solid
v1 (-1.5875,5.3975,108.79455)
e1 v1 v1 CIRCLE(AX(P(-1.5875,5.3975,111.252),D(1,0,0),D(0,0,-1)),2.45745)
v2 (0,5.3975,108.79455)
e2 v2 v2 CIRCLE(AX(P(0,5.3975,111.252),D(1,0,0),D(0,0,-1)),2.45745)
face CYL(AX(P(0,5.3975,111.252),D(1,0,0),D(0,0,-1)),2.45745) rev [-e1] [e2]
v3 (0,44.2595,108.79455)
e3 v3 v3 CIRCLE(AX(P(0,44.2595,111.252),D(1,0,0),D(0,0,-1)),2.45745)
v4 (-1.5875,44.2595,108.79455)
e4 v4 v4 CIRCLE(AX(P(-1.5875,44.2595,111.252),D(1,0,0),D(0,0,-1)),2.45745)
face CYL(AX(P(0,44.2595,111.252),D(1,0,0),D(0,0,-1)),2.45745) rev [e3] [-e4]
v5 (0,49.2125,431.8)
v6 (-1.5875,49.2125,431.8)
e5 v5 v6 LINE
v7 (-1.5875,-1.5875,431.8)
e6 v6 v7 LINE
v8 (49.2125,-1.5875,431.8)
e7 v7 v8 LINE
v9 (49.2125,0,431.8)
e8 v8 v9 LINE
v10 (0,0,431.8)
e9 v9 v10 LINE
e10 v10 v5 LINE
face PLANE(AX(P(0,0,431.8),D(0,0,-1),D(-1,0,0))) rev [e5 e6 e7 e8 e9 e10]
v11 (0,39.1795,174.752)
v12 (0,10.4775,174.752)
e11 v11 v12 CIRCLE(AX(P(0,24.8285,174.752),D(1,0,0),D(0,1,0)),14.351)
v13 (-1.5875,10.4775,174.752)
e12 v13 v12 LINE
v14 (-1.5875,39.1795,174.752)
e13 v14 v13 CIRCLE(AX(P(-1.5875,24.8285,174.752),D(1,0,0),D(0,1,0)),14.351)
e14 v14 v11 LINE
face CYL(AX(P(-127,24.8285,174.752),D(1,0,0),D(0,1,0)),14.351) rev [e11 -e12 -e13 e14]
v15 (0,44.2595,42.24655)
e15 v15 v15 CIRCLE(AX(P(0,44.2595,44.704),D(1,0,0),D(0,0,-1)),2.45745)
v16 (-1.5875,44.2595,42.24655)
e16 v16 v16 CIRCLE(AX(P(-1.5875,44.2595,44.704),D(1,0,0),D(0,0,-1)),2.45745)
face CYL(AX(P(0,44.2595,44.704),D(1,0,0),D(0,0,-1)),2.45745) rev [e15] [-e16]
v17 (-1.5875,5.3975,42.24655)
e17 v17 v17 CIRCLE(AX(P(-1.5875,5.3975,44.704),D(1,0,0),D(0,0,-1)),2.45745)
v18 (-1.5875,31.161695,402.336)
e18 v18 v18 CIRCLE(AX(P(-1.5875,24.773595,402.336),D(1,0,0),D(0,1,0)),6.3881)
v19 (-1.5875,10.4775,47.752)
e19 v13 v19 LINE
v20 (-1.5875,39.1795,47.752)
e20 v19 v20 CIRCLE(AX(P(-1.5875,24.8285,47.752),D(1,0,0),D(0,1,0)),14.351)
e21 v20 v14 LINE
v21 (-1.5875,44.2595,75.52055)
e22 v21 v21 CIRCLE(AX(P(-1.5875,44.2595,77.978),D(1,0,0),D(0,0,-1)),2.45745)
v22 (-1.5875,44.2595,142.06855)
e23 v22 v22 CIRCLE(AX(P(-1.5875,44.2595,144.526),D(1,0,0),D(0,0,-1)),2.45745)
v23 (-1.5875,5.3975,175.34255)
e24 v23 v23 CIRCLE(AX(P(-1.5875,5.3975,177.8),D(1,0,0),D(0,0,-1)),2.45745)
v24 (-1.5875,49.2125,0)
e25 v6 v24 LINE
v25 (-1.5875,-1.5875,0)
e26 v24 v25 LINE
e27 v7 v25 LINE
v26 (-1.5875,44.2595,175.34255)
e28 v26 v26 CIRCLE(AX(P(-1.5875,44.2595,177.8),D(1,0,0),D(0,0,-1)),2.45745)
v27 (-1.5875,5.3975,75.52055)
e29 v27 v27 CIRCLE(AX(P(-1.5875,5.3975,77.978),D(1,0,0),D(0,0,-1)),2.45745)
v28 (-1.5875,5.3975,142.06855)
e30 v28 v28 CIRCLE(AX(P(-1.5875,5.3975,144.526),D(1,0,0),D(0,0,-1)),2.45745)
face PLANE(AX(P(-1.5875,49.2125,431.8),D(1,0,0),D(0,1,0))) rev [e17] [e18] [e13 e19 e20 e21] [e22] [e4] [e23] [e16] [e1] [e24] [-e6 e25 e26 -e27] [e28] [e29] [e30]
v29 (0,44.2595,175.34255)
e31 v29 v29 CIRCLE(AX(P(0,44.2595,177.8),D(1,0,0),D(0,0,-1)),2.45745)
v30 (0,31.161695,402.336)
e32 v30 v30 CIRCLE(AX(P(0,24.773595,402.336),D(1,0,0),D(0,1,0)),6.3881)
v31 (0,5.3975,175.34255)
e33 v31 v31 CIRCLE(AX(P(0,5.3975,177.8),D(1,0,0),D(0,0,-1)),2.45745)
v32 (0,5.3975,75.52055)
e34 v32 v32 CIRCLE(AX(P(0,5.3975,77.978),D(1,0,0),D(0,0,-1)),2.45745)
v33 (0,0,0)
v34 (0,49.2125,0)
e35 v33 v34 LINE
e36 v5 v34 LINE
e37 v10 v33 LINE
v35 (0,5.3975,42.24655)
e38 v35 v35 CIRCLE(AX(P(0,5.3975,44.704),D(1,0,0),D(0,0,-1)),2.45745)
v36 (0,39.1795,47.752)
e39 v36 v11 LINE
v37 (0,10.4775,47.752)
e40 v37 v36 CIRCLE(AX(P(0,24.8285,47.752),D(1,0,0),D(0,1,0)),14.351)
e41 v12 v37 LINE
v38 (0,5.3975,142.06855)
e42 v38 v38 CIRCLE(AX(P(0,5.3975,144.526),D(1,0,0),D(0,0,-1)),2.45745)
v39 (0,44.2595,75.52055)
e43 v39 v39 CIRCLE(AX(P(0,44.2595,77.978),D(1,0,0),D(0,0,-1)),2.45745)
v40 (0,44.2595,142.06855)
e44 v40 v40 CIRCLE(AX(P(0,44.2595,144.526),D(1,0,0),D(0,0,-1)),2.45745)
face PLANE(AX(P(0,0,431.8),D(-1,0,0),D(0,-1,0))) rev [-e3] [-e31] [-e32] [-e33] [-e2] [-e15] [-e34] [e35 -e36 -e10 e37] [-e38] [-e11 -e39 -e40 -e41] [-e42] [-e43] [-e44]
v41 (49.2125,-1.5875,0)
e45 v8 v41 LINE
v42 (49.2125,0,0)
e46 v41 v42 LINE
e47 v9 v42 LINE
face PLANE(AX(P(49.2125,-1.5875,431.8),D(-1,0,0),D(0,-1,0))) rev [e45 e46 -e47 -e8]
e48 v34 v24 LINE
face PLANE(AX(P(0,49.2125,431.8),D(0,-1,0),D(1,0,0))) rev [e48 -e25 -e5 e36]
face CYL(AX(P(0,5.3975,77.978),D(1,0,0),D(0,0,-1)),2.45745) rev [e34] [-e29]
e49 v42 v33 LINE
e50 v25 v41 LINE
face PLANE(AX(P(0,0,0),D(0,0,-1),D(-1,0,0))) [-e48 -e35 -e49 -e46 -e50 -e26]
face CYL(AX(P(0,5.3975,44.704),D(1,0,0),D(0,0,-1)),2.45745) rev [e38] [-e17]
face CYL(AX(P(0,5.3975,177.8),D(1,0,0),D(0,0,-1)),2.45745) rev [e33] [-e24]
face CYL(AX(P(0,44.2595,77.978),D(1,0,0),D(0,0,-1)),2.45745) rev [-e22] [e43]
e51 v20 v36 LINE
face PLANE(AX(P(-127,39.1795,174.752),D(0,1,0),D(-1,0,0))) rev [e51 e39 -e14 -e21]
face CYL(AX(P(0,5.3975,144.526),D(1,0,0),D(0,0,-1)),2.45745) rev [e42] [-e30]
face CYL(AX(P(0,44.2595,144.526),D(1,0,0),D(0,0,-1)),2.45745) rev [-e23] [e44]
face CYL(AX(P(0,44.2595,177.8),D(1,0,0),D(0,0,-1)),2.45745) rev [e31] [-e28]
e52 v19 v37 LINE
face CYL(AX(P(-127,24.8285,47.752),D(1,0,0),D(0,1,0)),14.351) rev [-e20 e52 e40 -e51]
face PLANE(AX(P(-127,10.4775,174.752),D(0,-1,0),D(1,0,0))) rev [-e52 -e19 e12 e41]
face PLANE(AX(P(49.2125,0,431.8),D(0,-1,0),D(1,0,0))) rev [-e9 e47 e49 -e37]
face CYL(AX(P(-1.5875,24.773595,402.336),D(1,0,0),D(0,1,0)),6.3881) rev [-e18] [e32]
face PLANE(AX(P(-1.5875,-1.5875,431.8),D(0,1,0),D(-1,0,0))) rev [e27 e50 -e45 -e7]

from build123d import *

# Parameters (mm, degrees)
BOSS_EXTRUDE2_DEPTH          = 431.8
CUT_EXTRUDE3_DEPTH           = 127
SKETCH7_R                    = 6.3881
CUT_EXTRUDE4_DEPTH           = 438.372816156
F_10_0_1935_DIAMETER_HOLE3_D = 4.9149


with BuildPart() as part:
    # Sketch3 → Boss-Extrude2 (new body)
    with BuildSketch(Plane.XY):
        Polygon((0, 0), (0, 49.2125), (-1.5875, 49.2125), (-1.5875, -1.5875), (49.2125, -1.5875), (49.2125, 0), align=None)
    extrude(amount=BOSS_EXTRUDE2_DEPTH)

    # Sketch6 → Cut-Extrude3 (cut)
    with BuildSketch(Plane(origin=(0, 0, 0), x_dir=(0, 0, -1), z_dir=(1, 0, 0))):
        with BuildLine():
            Line((-174.752, 39.1795), (-47.752, 39.1795))
            ThreePointArc((-47.752, 39.1795), (-33.401, 24.8285), (-47.752, 10.4775))
            Line((-47.752, 10.4775), (-174.752, 10.4775))
            ThreePointArc((-174.752, 10.4775), (-189.103, 24.8285), (-174.752, 39.1795))
        make_face()
    extrude(amount=-CUT_EXTRUDE3_DEPTH, mode=Mode.SUBTRACT)

    # Sketch7 → Cut-Extrude4 (cut, through all)
    with BuildSketch(Plane(origin=(0, 0, 0), x_dir=(0, 0, -1), z_dir=(1, 0, 0))):
        with Locations(Location((-402.336, 24.773594829, 0), (0, 0, 90))):
            Circle(SKETCH7_R)
    extrude(amount=-CUT_EXTRUDE4_DEPTH, mode=Mode.SUBTRACT)

    # #10 (0.1935) Diameter Hole3 (through all)
    with Locations(Plane(origin=(0, 0, 0), x_dir=(0, 0, -1), z_dir=(1, 0, 0))):
        with Locations((-177.8, 44.2595), (-144.526, 44.2595), (-111.252, 44.2595), (-177.8, 5.3975), (-144.526, 5.3975), (-111.252, 5.3975), (-77.978, 44.2595), (-44.704, 44.2595), (-44.704, 5.3975), (-77.978, 5.3975)):
            Hole(F_10_0_1935_DIAMETER_HOLE3_D / 2)


solid = part.part
